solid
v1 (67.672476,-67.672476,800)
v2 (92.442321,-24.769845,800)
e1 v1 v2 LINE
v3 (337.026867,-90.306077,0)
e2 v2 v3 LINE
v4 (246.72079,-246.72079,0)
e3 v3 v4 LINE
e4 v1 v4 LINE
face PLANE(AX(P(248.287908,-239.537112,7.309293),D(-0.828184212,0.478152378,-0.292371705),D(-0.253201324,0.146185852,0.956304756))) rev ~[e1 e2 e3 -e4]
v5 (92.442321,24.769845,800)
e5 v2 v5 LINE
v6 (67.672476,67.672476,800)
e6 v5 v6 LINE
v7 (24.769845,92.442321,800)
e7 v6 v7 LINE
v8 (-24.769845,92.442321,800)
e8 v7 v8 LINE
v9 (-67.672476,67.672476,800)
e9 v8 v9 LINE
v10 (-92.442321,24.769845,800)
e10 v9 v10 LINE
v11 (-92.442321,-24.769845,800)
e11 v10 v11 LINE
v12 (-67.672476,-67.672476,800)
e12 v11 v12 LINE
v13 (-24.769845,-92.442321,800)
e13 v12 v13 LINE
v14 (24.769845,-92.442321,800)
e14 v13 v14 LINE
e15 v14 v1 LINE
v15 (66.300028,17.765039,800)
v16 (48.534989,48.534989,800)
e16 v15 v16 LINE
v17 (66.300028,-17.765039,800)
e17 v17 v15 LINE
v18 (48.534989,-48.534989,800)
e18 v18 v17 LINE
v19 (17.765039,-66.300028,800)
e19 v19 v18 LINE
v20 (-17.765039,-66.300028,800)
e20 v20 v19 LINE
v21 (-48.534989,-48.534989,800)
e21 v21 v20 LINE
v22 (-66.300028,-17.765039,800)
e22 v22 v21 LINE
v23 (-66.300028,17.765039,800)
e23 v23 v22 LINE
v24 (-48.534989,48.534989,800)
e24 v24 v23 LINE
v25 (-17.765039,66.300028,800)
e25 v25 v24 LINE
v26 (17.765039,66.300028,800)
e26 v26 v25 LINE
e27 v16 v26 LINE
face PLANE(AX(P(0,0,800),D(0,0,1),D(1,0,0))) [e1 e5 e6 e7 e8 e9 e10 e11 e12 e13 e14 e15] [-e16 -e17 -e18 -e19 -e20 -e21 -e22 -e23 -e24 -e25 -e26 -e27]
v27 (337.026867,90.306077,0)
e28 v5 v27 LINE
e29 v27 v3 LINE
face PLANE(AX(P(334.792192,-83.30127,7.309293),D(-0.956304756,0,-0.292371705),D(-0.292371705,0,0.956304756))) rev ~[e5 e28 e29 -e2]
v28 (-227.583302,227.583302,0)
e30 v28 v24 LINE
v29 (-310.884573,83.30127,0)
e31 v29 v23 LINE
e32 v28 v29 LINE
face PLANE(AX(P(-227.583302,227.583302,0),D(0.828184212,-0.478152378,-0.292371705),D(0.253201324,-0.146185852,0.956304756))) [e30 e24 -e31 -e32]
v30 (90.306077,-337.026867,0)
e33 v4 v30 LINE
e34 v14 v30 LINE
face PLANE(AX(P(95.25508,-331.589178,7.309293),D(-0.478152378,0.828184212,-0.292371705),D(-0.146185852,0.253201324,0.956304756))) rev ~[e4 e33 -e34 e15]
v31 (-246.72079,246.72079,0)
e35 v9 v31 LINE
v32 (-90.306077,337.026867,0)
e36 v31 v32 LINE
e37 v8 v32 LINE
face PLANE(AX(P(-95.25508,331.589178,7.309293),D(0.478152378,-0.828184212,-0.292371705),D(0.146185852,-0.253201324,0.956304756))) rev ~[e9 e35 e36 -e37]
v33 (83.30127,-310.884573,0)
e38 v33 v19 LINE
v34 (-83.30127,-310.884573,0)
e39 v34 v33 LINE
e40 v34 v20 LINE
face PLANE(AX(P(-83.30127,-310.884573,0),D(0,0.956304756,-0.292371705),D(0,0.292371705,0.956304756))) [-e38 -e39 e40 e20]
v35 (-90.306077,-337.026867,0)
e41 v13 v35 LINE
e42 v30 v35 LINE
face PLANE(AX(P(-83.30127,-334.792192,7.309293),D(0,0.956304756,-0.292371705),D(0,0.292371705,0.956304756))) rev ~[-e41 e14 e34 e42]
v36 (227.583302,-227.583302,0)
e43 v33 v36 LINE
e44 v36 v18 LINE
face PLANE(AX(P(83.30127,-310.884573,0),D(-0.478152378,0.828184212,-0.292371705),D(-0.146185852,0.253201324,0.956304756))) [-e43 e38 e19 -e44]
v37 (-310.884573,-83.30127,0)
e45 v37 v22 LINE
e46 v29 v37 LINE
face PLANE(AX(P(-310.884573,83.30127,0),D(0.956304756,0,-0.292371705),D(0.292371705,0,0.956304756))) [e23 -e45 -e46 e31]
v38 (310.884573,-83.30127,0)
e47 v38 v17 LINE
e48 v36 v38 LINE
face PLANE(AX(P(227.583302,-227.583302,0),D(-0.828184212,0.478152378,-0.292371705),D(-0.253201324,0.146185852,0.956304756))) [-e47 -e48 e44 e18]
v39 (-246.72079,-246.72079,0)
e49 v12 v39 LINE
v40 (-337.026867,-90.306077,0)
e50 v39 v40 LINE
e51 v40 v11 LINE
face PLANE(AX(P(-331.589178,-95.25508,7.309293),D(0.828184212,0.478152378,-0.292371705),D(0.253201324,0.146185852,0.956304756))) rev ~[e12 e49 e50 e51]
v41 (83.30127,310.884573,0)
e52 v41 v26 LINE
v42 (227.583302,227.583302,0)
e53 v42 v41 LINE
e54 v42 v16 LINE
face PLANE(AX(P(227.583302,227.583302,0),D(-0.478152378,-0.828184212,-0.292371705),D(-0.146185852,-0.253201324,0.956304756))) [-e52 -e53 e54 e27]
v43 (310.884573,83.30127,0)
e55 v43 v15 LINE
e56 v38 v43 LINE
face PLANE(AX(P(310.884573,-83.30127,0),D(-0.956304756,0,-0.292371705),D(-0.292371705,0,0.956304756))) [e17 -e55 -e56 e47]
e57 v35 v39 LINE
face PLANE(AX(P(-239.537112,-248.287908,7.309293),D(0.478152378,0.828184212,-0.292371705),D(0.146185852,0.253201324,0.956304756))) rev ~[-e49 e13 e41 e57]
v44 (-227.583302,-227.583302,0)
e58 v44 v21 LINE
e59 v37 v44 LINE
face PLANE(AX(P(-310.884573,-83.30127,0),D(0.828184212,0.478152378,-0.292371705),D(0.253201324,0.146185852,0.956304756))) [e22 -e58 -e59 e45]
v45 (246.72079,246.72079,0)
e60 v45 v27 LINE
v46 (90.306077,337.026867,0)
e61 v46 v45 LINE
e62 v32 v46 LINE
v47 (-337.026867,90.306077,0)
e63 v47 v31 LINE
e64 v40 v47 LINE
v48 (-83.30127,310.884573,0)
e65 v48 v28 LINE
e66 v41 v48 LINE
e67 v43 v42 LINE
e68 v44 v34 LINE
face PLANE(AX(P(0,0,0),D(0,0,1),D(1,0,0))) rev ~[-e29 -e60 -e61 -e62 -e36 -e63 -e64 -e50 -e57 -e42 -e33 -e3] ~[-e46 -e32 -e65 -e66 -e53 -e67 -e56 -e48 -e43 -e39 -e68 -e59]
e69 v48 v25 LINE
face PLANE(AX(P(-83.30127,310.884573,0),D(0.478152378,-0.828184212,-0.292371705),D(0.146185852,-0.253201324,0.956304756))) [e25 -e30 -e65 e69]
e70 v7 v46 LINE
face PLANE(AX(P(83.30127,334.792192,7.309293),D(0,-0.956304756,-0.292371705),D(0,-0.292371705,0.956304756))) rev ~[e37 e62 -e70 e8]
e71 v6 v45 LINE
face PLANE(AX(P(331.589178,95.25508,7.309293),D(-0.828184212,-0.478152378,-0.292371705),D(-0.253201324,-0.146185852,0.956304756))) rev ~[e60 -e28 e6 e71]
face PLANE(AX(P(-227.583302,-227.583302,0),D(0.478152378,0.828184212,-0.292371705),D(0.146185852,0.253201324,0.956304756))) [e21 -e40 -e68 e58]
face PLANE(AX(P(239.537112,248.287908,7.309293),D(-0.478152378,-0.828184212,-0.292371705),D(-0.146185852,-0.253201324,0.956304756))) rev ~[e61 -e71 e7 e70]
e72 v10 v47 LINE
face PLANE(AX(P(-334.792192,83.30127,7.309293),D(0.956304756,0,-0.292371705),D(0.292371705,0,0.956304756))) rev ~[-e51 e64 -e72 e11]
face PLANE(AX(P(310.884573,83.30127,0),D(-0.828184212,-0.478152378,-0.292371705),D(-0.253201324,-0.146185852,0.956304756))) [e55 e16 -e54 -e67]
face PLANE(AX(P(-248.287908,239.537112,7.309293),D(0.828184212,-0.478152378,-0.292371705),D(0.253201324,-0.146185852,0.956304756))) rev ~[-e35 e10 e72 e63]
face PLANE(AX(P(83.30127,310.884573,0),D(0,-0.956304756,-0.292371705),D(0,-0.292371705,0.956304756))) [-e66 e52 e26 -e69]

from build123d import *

# Parameters (mm, degrees)
F2_DEPTH = 800
F2_TAPER = 17
F3_T     = 25
F5_DEPTH = 25


with BuildPart() as f2:
    # F0 (on Top) → F2 (new body)
    with BuildSketch(Plane.XY):
        Polygon((-310.8845726812, 83.3012701892), (-310.8845726812, -83.3012701892), (-227.583302492, -227.583302492), (-83.3012701892, -310.8845726812), (83.3012701892, -310.8845726812), (227.583302492, -227.583302492), (310.8845726812, -83.3012701892), (310.8845726812, 83.3012701892), (227.583302492, 227.583302492), (83.3012701892, 310.8845726812), (-83.3012701892, 310.8845726812), (-227.583302492, 227.583302492), align=None)
    extrude(amount=F2_DEPTH, taper=F2_TAPER)

    # F3
    f3_openings = [f2.faces().sort_by_distance(p)[0] for p in [
        (0, 0, 0),
    ]]
    offset(amount=F3_T, openings=f3_openings, kind=Kind.INTERSECTION)

    # F4 (on offset) → F5 (cut)
    with BuildSketch(Plane.XY.offset(800)):
        Polygon((93.3012701892, -25), (93.3012701892, 25), (68.3012701892, 68.3012701892), (25, 93.3012701892), (-25, 93.3012701892), (-68.3012701892, 68.3012701892), (-93.3012701892, 25), (-93.3012701892, -25), (-68.3012701892, -68.3012701892), (-25, -93.3012701892), (25, -93.3012701892), (68.3012701892, -68.3012701892), align=None)
    extrude(amount=F5_DEPTH, mode=Mode.SUBTRACT)


solid = f2.part
